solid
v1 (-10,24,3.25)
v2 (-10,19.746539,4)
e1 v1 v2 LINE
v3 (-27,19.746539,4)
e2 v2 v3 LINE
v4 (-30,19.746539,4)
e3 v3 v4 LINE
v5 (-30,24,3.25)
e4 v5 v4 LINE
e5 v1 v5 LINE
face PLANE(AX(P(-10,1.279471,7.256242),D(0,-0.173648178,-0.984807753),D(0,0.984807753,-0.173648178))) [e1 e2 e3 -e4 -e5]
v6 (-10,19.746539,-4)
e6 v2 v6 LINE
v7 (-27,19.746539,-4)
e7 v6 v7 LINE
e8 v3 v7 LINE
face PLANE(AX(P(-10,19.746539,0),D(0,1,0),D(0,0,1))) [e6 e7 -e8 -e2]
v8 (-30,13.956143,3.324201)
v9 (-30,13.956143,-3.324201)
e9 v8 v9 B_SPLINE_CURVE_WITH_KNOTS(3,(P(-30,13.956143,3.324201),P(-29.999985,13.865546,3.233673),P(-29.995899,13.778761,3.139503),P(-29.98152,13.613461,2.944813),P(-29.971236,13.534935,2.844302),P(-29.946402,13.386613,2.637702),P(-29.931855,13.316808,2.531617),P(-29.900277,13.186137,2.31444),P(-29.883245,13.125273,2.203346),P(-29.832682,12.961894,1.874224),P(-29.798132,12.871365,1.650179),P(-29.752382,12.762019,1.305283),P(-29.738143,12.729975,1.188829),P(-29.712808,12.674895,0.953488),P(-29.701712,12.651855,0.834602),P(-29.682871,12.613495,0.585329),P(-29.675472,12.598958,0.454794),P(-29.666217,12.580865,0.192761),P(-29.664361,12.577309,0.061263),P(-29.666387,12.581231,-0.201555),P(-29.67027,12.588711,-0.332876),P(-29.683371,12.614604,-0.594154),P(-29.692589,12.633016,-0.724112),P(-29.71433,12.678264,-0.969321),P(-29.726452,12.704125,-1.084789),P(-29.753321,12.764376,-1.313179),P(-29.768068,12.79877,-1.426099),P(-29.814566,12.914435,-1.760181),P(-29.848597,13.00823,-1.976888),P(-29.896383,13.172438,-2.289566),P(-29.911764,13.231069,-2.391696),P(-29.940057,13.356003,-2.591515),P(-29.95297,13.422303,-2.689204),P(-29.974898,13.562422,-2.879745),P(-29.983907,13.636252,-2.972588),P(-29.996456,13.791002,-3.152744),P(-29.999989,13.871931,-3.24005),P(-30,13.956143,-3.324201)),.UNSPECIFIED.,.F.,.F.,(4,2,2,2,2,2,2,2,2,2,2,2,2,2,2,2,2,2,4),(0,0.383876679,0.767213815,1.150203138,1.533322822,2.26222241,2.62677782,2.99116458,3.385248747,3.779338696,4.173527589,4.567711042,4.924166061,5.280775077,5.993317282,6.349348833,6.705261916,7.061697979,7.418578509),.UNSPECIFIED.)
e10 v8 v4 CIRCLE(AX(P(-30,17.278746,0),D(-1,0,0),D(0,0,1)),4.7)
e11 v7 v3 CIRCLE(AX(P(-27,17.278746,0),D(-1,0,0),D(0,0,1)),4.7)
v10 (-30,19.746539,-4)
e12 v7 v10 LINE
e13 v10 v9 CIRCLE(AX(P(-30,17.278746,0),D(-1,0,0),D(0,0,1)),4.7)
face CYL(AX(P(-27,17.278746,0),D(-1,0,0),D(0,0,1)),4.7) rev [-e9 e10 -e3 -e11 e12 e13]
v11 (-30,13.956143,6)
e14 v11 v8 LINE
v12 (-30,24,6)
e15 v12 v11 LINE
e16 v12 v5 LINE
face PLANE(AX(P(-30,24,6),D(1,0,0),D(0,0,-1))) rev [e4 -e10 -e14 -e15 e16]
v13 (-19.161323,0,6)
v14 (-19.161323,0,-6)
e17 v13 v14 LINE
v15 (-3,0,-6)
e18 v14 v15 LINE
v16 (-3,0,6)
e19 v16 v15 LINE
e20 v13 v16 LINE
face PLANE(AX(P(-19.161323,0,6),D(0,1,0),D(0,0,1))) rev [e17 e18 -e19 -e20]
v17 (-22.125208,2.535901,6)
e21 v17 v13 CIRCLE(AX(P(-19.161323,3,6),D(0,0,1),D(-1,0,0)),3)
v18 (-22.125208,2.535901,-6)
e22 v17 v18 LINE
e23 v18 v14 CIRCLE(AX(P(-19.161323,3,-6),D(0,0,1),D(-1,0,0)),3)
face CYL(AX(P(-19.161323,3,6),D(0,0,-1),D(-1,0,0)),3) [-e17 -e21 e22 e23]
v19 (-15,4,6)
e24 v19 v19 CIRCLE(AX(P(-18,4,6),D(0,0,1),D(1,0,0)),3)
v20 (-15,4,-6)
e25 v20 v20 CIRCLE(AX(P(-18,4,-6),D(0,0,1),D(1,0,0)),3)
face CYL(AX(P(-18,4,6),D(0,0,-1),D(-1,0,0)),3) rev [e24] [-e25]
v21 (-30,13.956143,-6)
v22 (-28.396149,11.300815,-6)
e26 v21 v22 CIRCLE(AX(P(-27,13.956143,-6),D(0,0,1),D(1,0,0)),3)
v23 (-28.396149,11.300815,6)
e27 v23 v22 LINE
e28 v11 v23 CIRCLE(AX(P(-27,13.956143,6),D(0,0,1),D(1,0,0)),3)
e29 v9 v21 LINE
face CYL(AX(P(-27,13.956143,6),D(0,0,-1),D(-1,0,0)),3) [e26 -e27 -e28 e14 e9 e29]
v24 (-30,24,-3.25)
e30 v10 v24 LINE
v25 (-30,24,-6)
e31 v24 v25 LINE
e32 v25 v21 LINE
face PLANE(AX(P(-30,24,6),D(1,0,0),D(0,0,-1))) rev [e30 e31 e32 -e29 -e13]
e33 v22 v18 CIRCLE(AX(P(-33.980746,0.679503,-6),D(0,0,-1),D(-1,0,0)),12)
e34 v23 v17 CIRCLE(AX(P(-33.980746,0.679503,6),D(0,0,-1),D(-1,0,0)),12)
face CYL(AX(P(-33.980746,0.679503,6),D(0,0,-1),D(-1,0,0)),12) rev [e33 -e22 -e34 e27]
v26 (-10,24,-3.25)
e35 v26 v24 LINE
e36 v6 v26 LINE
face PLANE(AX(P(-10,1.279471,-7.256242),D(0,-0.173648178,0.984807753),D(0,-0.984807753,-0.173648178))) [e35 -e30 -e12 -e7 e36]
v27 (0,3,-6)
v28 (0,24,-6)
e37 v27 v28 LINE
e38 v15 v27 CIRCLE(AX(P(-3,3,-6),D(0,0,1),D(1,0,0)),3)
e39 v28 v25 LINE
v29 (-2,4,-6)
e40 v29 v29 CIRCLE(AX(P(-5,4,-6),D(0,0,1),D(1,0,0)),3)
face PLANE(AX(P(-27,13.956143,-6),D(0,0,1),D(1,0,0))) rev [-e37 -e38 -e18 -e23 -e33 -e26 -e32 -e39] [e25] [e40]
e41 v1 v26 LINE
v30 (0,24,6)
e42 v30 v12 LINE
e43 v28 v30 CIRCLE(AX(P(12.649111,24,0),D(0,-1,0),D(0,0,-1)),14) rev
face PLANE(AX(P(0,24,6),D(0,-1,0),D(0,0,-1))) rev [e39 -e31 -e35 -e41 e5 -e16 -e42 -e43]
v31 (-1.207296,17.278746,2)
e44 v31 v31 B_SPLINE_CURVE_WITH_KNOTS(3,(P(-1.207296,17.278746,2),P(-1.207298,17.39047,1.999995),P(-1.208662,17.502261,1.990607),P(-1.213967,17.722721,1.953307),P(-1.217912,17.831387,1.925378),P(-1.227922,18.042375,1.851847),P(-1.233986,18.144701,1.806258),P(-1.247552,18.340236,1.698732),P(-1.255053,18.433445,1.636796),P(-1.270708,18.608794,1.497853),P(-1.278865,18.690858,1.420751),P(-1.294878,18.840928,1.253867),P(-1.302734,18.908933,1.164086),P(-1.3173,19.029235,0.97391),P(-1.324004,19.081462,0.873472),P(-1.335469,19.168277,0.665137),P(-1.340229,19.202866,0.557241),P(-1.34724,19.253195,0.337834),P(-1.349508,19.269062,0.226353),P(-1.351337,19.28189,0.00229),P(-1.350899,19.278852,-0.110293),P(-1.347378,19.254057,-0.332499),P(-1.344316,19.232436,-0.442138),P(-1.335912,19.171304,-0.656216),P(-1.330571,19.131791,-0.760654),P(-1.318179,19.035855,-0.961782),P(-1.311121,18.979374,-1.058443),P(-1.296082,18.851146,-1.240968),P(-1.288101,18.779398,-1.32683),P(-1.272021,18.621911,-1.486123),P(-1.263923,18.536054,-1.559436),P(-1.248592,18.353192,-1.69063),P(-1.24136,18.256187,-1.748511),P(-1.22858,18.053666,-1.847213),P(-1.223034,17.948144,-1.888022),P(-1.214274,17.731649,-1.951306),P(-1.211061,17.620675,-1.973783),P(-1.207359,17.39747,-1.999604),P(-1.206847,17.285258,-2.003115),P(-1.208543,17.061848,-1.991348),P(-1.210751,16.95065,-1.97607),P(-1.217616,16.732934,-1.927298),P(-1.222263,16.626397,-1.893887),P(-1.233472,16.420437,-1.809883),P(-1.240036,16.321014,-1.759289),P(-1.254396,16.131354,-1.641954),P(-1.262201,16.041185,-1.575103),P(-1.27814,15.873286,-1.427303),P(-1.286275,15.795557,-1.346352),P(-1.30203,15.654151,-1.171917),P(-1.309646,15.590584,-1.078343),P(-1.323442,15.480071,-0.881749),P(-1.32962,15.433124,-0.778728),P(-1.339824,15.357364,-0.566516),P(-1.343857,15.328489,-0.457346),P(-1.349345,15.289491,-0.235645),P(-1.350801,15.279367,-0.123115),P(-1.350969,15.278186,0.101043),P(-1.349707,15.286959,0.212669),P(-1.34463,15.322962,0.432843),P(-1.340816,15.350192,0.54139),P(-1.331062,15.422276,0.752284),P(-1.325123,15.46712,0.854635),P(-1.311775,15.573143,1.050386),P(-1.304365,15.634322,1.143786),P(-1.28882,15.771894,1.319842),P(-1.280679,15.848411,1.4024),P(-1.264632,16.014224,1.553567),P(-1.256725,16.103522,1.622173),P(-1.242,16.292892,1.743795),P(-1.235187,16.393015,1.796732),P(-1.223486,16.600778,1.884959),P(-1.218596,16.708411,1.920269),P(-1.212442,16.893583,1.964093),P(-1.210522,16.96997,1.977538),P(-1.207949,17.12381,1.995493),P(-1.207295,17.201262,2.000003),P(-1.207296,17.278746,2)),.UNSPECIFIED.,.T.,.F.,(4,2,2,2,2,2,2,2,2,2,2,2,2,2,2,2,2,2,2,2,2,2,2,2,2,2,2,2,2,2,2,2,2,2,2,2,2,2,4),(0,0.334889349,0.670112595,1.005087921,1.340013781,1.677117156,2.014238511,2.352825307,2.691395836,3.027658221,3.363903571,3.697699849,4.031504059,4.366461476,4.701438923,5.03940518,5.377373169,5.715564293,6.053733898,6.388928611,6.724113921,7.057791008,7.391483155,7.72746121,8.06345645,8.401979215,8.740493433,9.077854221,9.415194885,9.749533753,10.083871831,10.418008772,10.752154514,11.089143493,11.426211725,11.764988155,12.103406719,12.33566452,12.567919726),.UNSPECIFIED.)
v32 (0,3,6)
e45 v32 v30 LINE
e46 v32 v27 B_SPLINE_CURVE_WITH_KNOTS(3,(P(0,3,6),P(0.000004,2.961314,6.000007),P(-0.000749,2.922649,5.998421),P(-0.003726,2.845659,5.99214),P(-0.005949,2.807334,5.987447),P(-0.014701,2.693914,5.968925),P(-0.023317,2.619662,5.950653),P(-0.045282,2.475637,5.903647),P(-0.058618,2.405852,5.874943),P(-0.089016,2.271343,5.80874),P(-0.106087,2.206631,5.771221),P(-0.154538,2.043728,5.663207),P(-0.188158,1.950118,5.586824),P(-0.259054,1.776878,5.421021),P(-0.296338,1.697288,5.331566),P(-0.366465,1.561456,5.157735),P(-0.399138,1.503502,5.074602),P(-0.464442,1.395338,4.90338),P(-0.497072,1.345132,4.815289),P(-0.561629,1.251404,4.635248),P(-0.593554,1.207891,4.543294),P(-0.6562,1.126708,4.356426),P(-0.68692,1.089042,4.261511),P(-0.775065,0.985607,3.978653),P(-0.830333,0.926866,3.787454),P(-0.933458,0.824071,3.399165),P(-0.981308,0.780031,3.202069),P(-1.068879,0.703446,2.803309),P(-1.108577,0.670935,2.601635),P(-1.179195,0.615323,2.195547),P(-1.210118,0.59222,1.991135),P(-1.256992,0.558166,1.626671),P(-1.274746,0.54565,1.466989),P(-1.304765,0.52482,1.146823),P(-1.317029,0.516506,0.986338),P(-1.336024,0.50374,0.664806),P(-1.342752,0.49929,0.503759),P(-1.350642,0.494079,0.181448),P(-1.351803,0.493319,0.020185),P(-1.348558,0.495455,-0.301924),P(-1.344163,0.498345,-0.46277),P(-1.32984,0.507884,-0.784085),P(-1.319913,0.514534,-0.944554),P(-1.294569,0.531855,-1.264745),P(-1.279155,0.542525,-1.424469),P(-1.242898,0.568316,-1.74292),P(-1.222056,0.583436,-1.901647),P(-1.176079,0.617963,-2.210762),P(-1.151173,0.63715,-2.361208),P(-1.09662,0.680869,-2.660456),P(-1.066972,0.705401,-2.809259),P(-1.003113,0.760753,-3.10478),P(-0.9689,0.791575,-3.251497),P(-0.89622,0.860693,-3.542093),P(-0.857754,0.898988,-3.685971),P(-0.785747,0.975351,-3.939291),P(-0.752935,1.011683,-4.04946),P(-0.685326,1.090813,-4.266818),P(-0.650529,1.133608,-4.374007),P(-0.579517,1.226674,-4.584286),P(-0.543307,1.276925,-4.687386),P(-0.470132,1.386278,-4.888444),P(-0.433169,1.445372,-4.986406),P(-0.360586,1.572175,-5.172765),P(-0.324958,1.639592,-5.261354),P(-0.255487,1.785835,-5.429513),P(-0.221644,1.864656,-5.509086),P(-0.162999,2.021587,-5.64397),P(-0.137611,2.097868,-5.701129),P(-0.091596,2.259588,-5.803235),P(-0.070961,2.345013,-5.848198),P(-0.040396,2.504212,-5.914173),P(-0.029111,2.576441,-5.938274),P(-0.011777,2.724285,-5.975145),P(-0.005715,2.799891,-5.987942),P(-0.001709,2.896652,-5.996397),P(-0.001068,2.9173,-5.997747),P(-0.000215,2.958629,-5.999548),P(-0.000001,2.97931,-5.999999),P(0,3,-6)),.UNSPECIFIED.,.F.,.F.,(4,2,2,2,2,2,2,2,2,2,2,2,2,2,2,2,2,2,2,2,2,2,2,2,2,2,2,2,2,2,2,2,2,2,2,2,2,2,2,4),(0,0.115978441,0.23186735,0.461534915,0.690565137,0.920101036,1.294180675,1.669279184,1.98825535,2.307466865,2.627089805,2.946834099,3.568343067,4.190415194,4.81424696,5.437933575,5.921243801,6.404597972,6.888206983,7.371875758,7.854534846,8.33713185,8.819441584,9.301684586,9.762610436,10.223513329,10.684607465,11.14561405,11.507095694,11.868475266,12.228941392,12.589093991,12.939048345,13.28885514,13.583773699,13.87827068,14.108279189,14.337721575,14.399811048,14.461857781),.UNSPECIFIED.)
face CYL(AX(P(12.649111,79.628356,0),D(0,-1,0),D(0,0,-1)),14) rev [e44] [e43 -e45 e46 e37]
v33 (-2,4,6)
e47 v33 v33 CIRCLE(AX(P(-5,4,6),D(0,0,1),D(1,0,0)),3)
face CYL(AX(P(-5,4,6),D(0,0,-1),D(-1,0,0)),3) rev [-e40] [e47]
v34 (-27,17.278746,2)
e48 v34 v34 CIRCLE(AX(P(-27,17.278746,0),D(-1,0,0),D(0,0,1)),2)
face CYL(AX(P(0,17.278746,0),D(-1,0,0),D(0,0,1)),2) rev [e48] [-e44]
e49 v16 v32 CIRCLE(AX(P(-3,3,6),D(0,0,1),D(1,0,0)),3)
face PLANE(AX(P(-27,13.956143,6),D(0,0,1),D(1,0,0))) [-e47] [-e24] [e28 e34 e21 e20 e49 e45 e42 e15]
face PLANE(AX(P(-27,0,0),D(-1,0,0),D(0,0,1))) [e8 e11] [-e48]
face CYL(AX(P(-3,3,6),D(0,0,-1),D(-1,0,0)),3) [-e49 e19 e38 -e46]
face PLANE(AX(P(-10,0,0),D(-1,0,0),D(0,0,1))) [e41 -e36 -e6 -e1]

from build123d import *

# Parameters (mm, degrees)
SKETCH_1_R               = 3
EXTRUDE_1_DEPTH          = 6
SKETCH_2_R               = 2
CUT_EXTRUDE_1_DEPTH      = 39.88444419
CUT_EXTRUDE_3_DEPTH      = 20
SKETCH_2_5_R             = 2
CUT_EXTRUDE_4_DEPTH      = 3
CUT_EXTRUDE_5_DEPTH      = 39.884444283
CUT_EXTRUDE_5_DEPTH_BACK = 39.884444283


with BuildPart() as part:
    # 草图1 → 凸台-拉伸1 (new, symmetric)
    with BuildSketch(Plane.XY):
        with BuildLine():
            Line((-19.161323267, 0), (-3, 0))
            ThreePointArc((-3, 0), (-0.878679656, 0.878679656), (0, 3))
            Line((0, 3), (0, 24))
            Line((0, 24), (-30, 24))
            Line((-30, 24), (-30, 13.956143181))
            ThreePointArc((-30, 13.956143181), (-29.567922082, 12.405086708), (-28.396149212, 11.30081507))
            ThreePointArc((-28.396149212, 11.30081507), (-24.221365462, 7.661944199), (-22.125207826, 2.535900525))
            ThreePointArc((-22.125207826, 2.535900525), (-21.111669593, 0.720493647), (-19.161323267, 0))
        make_face()
        with Locations((-18, 4)):
            Circle(SKETCH_1_R, mode=Mode.SUBTRACT)
        with Locations((-5, 4)):
            Circle(SKETCH_1_R, mode=Mode.SUBTRACT)
    extrude(amount=EXTRUDE_1_DEPTH, both=True)

    # 草图2 → 切除-拉伸1 (cut, through all)
    with BuildSketch(Plane.ZY.offset(30)):
        with Locations((0, 17.278746099)):
            Circle(SKETCH_2_R)
    extrude(amount=-CUT_EXTRUDE_1_DEPTH, mode=Mode.SUBTRACT)

    # 草图2<4> → 切除-拉伸3 (cut)
    with BuildSketch(Plane.ZY.offset(30)):
        Polygon((-3.25, 24), (-4, 19.746538635), (4, 19.746538635), (3.25, 24), align=None)
    extrude(amount=-CUT_EXTRUDE_3_DEPTH, mode=Mode.SUBTRACT)

    # 草图2<5> → 切除-拉伸4 (cut)
    with BuildSketch(Plane.ZY.offset(30)):
        with BuildLine():
            Line((4, 19.746538635), (-4, 19.746538635))
            ThreePointArc((-4, 19.746538635), (0, 12.578746099), (4, 19.746538635))
        make_face()
        with Locations((0, 17.278746099)):
            Circle(SKETCH_2_5_R, mode=Mode.SUBTRACT)
    extrude(amount=-CUT_EXTRUDE_4_DEPTH, mode=Mode.SUBTRACT)

    # 草图3 → 切除-拉伸5 (cut, two sides: drawn at the far end of the back side and taken through both)
    with BuildSketch(Plane(origin=(0, 24, 0), x_dir=(1, 0, 0), z_dir=(0, 1, 0)).offset(-CUT_EXTRUDE_5_DEPTH_BACK)):
        with BuildLine():
            Line((31.980847691, 73.421546804), (0, 6))
            ThreePointArc((0, 6), (-1.350889359, 0), (0, -6))
            Line((0, -6), (31.980847691, -73.421546804))
            Line((31.980847691, -73.421546804), (181.224803582, -73.421546804))
            Line((181.224803582, -73.421546804), (181.224803582, 73.421546804))
            Line((181.224803582, 73.421546804), (31.980847691, 73.421546804))
        make_face()
    extrude(amount=CUT_EXTRUDE_5_DEPTH + CUT_EXTRUDE_5_DEPTH_BACK, mode=Mode.SUBTRACT)


solid = part.part
